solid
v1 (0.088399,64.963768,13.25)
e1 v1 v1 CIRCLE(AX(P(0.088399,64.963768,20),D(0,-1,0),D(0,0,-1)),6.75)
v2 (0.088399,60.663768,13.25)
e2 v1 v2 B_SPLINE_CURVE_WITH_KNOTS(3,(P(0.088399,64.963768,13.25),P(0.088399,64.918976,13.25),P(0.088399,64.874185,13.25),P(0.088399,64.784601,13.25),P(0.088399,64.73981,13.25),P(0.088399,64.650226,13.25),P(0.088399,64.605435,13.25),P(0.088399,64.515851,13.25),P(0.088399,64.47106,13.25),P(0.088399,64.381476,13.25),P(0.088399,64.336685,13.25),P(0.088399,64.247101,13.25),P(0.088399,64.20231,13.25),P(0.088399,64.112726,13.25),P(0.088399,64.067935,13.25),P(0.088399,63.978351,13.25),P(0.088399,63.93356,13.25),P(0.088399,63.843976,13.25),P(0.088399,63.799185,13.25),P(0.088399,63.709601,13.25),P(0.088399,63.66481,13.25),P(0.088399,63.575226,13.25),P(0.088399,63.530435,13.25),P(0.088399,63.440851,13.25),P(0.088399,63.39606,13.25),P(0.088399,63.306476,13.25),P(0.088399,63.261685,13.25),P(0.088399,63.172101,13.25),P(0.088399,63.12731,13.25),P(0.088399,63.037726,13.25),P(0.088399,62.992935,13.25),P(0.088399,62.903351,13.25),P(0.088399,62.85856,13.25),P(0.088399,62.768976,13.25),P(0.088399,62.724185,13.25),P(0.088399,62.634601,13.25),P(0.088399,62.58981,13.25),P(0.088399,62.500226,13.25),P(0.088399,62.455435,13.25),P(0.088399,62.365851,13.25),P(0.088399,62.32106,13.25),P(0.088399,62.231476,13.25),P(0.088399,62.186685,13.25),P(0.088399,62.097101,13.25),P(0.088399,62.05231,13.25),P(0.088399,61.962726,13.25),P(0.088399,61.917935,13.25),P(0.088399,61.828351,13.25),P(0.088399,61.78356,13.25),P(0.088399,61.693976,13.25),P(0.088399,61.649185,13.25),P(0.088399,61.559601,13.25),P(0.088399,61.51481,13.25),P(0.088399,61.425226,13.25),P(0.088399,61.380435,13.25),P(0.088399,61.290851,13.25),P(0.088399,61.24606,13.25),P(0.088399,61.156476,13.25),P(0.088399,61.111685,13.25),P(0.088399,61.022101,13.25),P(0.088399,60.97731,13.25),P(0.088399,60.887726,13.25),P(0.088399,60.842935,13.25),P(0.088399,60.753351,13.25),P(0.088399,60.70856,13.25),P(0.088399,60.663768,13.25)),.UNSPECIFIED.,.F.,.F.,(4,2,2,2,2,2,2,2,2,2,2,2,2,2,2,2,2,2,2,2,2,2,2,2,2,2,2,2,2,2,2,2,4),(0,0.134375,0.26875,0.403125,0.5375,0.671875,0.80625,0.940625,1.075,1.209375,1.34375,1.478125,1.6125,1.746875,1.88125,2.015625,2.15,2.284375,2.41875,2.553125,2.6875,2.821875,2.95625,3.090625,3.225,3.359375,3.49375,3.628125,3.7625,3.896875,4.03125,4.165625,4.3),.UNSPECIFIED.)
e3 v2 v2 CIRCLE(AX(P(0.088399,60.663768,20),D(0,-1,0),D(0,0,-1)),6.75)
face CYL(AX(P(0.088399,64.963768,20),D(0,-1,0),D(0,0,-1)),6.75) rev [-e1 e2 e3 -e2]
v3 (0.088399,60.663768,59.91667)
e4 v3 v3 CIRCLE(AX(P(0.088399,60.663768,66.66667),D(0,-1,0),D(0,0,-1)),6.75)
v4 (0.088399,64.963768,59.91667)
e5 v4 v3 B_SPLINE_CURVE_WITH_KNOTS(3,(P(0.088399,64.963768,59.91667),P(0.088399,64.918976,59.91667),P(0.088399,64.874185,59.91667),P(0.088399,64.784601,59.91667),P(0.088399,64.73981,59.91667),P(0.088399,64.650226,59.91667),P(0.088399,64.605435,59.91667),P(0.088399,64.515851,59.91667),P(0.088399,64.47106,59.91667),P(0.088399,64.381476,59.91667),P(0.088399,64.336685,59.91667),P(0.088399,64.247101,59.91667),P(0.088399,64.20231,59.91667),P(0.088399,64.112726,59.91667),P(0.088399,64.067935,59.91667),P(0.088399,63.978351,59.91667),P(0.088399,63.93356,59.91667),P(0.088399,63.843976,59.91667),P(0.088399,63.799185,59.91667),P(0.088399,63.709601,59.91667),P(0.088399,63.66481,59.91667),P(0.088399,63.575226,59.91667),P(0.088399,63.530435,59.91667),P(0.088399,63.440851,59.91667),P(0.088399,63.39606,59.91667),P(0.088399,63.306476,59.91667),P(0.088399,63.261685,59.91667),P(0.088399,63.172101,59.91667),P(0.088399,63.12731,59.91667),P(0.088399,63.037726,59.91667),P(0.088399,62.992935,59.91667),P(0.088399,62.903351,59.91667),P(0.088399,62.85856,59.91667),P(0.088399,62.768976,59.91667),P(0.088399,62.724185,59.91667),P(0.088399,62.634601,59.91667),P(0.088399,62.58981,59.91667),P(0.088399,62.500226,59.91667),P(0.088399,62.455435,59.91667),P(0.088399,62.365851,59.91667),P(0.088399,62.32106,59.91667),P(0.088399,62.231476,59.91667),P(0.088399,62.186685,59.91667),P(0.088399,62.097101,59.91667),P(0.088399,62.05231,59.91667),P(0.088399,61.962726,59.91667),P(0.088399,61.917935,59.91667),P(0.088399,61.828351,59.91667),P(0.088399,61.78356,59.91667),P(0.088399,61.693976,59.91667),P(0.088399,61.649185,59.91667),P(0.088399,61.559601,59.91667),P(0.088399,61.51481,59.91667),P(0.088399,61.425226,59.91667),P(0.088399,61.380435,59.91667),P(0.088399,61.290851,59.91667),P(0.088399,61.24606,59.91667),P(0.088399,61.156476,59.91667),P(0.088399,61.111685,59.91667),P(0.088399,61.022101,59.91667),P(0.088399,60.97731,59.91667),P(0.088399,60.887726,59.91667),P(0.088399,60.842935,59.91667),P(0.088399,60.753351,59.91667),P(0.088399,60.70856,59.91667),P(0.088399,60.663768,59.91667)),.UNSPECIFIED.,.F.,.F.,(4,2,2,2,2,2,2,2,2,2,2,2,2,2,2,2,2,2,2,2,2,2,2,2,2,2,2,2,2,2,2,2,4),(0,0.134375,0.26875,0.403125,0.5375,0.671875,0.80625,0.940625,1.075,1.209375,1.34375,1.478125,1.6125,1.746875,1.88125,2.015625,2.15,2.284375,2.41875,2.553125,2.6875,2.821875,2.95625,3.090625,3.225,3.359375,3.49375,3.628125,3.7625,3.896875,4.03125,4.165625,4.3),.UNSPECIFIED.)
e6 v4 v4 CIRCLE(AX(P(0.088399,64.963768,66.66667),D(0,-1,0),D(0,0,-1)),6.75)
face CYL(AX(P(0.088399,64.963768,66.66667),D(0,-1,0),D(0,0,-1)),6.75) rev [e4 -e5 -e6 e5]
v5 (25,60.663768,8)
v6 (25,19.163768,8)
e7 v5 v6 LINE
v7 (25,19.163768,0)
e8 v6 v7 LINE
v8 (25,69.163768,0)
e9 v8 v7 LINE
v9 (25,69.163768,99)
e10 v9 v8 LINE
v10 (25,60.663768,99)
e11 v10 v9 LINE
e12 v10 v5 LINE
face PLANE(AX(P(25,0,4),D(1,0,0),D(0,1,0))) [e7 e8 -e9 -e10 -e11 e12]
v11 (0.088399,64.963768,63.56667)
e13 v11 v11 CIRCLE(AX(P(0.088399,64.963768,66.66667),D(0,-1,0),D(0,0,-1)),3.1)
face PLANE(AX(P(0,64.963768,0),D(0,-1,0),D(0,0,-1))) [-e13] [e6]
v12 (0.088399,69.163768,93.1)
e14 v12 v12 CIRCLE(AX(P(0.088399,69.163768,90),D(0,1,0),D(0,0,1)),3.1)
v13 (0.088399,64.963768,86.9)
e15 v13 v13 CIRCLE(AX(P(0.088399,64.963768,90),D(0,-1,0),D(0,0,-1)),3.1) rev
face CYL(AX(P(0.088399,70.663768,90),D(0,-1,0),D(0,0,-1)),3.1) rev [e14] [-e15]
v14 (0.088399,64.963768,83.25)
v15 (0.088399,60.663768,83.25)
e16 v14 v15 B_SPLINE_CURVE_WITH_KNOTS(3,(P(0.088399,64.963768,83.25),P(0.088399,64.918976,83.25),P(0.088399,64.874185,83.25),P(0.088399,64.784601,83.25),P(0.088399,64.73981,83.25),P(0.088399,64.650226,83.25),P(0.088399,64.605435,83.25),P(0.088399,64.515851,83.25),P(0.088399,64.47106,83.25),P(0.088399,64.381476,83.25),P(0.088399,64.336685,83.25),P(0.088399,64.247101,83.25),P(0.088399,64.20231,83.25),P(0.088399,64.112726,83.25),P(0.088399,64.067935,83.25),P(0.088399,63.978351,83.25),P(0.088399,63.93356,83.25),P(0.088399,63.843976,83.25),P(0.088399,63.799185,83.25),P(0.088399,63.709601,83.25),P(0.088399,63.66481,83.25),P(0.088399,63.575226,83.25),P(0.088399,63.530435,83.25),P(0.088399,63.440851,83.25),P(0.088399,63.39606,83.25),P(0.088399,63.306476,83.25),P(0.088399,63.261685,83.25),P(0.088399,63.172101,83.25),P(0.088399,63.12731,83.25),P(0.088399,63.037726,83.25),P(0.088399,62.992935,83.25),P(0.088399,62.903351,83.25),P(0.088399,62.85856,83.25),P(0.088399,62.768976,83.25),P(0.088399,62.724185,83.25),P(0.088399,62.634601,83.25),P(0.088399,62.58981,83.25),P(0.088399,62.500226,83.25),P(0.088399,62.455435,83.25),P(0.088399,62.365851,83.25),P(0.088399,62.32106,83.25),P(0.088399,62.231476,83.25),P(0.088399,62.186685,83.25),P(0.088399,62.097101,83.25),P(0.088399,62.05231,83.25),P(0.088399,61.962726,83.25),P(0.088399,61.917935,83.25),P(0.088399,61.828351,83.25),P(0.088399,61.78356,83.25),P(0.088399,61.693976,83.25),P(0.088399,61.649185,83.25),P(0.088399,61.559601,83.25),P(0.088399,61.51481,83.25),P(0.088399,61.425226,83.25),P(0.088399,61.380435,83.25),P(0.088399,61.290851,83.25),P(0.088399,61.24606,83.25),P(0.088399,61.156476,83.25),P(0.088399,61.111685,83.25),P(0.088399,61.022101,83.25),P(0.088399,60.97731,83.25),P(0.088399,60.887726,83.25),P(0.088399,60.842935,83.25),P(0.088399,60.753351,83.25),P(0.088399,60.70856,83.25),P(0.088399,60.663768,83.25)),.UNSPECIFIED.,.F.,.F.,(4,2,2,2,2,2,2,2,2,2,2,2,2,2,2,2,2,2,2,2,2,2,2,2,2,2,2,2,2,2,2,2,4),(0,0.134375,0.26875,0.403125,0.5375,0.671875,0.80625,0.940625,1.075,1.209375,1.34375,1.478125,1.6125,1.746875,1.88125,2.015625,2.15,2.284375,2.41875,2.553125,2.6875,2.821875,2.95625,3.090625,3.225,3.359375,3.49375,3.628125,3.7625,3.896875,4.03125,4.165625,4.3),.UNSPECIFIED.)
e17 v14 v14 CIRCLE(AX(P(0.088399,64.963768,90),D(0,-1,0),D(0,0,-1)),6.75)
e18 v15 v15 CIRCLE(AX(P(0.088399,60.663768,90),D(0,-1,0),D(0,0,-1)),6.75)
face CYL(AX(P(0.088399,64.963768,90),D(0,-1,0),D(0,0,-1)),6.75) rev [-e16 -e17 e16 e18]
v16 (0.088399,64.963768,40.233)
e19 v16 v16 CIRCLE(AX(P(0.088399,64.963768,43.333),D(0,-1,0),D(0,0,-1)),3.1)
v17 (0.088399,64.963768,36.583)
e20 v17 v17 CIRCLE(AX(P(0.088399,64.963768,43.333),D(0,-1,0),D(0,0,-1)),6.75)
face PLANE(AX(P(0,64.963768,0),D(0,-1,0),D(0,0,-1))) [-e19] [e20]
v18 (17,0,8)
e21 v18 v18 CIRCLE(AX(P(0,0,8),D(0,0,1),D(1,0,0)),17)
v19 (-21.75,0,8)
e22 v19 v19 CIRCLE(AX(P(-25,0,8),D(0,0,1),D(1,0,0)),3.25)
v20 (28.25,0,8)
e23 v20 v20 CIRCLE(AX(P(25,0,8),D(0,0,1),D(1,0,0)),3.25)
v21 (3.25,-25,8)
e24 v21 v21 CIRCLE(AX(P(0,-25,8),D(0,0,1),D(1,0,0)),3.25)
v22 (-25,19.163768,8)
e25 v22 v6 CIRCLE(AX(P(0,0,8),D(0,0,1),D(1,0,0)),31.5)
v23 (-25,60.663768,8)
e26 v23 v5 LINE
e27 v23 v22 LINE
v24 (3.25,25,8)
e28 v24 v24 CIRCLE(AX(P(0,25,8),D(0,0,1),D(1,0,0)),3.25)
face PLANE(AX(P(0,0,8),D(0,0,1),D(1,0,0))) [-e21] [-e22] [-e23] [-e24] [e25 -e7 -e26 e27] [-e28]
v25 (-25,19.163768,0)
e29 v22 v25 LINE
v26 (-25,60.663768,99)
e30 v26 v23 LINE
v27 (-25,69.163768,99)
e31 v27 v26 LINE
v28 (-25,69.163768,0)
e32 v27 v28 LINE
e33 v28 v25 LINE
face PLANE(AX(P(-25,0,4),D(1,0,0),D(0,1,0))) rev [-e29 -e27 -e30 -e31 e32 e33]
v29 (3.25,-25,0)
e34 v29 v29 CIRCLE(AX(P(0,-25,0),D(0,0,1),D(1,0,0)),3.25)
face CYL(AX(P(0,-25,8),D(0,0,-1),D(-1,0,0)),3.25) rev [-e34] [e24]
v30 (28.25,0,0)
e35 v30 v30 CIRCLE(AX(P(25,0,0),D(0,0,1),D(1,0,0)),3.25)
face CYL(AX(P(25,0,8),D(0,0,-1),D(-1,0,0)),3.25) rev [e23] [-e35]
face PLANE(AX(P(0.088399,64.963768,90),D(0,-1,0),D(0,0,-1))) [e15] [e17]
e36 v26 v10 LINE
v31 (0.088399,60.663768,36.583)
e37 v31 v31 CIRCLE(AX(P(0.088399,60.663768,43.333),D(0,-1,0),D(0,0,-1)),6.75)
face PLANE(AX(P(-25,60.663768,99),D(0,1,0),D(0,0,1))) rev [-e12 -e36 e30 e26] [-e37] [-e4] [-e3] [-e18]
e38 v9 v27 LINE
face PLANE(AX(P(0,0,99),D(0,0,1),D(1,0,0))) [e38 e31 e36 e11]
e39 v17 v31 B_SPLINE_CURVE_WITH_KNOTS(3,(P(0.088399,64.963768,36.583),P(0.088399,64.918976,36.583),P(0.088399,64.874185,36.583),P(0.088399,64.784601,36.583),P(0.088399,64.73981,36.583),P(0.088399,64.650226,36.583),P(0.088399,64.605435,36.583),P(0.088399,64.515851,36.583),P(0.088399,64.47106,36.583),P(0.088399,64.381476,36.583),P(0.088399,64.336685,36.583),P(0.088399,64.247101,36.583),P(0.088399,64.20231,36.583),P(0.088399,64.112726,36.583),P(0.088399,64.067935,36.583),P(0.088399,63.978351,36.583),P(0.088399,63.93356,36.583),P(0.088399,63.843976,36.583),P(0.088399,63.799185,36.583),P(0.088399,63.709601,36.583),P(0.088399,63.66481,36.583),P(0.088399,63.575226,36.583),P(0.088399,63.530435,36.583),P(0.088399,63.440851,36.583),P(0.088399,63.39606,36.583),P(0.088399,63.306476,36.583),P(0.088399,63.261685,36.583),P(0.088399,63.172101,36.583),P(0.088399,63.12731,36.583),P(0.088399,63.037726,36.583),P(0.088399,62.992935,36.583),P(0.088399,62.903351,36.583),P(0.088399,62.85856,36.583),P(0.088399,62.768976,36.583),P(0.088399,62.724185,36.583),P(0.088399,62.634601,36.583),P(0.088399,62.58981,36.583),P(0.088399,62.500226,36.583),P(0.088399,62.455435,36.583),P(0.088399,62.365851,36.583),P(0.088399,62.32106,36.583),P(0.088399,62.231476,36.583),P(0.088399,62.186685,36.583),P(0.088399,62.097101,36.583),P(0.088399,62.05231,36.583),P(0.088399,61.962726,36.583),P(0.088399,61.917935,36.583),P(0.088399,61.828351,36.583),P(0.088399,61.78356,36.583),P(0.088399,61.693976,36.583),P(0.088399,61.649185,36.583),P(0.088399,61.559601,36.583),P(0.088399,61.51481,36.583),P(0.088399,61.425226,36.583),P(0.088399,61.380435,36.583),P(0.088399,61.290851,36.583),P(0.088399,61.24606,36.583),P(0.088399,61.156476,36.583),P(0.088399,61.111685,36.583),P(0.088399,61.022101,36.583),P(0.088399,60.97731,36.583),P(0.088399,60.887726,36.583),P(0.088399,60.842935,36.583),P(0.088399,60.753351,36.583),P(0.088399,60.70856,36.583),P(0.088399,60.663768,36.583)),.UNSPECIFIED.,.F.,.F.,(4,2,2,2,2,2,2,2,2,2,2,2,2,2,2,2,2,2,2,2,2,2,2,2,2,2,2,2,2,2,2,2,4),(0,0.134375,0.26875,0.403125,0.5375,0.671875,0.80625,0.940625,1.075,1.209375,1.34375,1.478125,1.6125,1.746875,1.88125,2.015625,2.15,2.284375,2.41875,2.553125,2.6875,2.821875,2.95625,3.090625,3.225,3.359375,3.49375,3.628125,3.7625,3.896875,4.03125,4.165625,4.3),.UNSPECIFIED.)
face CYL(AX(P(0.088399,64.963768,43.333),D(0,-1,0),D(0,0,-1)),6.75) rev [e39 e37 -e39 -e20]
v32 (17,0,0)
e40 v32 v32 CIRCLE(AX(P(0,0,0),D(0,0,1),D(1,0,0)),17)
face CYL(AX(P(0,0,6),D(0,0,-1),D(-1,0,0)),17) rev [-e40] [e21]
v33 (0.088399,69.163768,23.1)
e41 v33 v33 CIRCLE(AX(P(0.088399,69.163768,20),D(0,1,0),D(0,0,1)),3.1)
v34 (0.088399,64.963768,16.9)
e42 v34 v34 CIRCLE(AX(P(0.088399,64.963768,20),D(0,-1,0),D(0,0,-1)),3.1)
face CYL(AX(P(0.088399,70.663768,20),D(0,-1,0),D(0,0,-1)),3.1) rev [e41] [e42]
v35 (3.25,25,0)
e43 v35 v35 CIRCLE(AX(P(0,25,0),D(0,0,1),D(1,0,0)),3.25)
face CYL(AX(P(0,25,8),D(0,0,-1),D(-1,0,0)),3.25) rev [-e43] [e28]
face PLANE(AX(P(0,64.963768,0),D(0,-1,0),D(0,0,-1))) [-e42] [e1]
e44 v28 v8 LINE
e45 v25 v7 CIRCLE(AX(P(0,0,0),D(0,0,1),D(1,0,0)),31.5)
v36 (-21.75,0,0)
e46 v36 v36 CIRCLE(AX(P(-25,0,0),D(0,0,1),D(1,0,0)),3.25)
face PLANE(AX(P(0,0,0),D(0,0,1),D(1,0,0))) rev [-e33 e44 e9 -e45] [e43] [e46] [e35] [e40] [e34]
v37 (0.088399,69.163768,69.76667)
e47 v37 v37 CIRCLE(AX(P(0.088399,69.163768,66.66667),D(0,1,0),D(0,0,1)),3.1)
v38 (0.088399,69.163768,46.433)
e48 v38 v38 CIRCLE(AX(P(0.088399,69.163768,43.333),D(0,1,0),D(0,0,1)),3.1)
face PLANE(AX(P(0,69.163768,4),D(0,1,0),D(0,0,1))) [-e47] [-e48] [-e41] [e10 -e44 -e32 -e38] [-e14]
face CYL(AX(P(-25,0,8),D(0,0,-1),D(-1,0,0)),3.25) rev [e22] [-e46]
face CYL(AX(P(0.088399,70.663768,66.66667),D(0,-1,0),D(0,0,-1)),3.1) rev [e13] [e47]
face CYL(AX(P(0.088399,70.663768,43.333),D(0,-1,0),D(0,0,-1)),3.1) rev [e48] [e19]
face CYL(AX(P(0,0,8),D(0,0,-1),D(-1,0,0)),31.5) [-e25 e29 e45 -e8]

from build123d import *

# Parameters (mm, degrees)
SKETCH_1_R          = 31.5
EXTRUDE_1_DEPTH     = 8
SKETCH_1_3_R        = 3.25
CUT_EXTRUDE_1_DEPTH = 8
SKETCH_1_4_R        = 17
CUT_EXTRUDE_2_DEPTH = 6
EXTRUDE_2_DEPTH     = 4
SKETCH_4_W          = 50
SKETCH_4_H          = 8.5
EXTRUDE_3_DEPTH     = 95
SKETCH_5_R          = 3.1
CUT_EXTRUDE_3_DEPTH = 10
SKETCH_5_3_R        = 6.75
SKETCH_5_3_R_2      = 3.1
CUT_EXTRUDE_4_DEPTH = 4.3
EXTRUDE_4_DEPTH     = 8
SKETCH_1_8_R        = 17
CUT_EXTRUDE_5_DEPTH = 8


with BuildPart() as part:
    # 草图1 → 凸台-拉伸1 (new body)
    with BuildSketch(Plane.XY):
        Circle(SKETCH_1_R)
    extrude(amount=EXTRUDE_1_DEPTH)

    # 草图1<3> → 切除-拉伸1 (cut)
    with BuildSketch(Plane.XY):
        with Locations((0, 25)):
            Circle(SKETCH_1_3_R)
        with Locations((-25, 0)):
            Circle(SKETCH_1_3_R)
        with Locations((25, 0)):
            Circle(SKETCH_1_3_R)
        with Locations((0, -25)):
            Circle(SKETCH_1_3_R)
    extrude(amount=CUT_EXTRUDE_1_DEPTH, mode=Mode.SUBTRACT)

    # 草图1<4> → 切除-拉伸2 (cut)
    with BuildSketch(Plane.XY):
        Circle(SKETCH_1_4_R)
    extrude(amount=CUT_EXTRUDE_2_DEPTH, mode=Mode.SUBTRACT)

    # 草图1<5> → 凸台-拉伸2 (add)
    with BuildSketch(Plane.XY):
        with BuildLine():
            Line((25, 69.163767897), (17.863752341, 69.163767897))
            Line((17.863752341, 69.163767897), (-25, 69.163767897))
            Line((-25, 69.163767897), (-25, 28.735067362))
            Line((-25, 28.735067362), (-25, 19.163767897))
            ThreePointArc((-25, 19.163767897), (0, 31.5), (25, 19.163767897))
            Line((25, 19.163767897), (25, 69.163767897))
        make_face()
    extrude(amount=EXTRUDE_2_DEPTH)

    # 草图4 → 凸台-拉伸3 (add)
    with BuildSketch(Plane.XY.offset(4)):
        with Locations((0, 64.913767897)):
            Rectangle(SKETCH_4_W, SKETCH_4_H)
    extrude(amount=EXTRUDE_3_DEPTH)

    # 草图5 → 切除-拉伸3 (cut)
    with BuildSketch(Plane.XZ.offset(-60.663767897)):
        with Locations((0.088398714, 90)):
            Circle(SKETCH_5_R)
        with Locations((0.088398714, 20)):
            Circle(SKETCH_5_R)
        with Locations((0.088398714, 43.333)):
            Circle(SKETCH_5_R)
        with Locations((0.088398714, 66.66667)):
            Circle(SKETCH_5_R)
    extrude(amount=-CUT_EXTRUDE_3_DEPTH, mode=Mode.SUBTRACT)

    # 草图5<3> → 切除-拉伸4 (cut)
    # profile 1 of 4: a face of its own
    with BuildSketch(Plane.XZ.offset(-60.663767897)):
        with Locations((0.088398714, 90)):
            Circle(SKETCH_5_3_R)
    # profile 2 of 4: a face of its own
    with BuildSketch(Plane.XZ.offset(-60.663767897)):
        with Locations((0.088398714, 20)):
            Circle(SKETCH_5_3_R)
        with Locations((0.088398714, 20)):
            Circle(SKETCH_5_3_R_2, mode=Mode.SUBTRACT)
    # profile 3 of 4: a face of its own
    with BuildSketch(Plane.XZ.offset(-60.663767897)):
        with Locations((0.088398714, 43.333)):
            Circle(SKETCH_5_3_R)
        with Locations((0.088398714, 43.333)):
            Circle(SKETCH_5_3_R_2, mode=Mode.SUBTRACT)
    # profile 4 of 4: a face of its own
    with BuildSketch(Plane.XZ.offset(-60.663767897)):
        with Locations((0.088398714, 66.66667)):
            Circle(SKETCH_5_3_R)
        with Locations((0.088398714, 66.66667)):
            Circle(SKETCH_5_3_R_2, mode=Mode.SUBTRACT)
    extrude(amount=-CUT_EXTRUDE_4_DEPTH, mode=Mode.SUBTRACT)

    # 草图1<7> → 凸台-拉伸4 (add)
    with BuildSketch(Plane.XY):
        with BuildLine():
            Line((25, 69.163767897), (17.863752341, 69.163767897))
            Line((17.863752341, 69.163767897), (-25, 69.163767897))
            Line((-25, 69.163767897), (-25, 28.735067362))
            Line((-25, 28.735067362), (-25, 19.163767897))
            ThreePointArc((-25, 19.163767897), (0, 31.5), (25, 19.163767897))
            Line((25, 19.163767897), (25, 69.163767897))
        make_face()
    extrude(amount=EXTRUDE_4_DEPTH)

    # 草图1<8> → 切除-拉伸5 (cut)
    with BuildSketch(Plane.XY):
        Circle(SKETCH_1_8_R)
    extrude(amount=CUT_EXTRUDE_5_DEPTH, mode=Mode.SUBTRACT)


solid = part.part
